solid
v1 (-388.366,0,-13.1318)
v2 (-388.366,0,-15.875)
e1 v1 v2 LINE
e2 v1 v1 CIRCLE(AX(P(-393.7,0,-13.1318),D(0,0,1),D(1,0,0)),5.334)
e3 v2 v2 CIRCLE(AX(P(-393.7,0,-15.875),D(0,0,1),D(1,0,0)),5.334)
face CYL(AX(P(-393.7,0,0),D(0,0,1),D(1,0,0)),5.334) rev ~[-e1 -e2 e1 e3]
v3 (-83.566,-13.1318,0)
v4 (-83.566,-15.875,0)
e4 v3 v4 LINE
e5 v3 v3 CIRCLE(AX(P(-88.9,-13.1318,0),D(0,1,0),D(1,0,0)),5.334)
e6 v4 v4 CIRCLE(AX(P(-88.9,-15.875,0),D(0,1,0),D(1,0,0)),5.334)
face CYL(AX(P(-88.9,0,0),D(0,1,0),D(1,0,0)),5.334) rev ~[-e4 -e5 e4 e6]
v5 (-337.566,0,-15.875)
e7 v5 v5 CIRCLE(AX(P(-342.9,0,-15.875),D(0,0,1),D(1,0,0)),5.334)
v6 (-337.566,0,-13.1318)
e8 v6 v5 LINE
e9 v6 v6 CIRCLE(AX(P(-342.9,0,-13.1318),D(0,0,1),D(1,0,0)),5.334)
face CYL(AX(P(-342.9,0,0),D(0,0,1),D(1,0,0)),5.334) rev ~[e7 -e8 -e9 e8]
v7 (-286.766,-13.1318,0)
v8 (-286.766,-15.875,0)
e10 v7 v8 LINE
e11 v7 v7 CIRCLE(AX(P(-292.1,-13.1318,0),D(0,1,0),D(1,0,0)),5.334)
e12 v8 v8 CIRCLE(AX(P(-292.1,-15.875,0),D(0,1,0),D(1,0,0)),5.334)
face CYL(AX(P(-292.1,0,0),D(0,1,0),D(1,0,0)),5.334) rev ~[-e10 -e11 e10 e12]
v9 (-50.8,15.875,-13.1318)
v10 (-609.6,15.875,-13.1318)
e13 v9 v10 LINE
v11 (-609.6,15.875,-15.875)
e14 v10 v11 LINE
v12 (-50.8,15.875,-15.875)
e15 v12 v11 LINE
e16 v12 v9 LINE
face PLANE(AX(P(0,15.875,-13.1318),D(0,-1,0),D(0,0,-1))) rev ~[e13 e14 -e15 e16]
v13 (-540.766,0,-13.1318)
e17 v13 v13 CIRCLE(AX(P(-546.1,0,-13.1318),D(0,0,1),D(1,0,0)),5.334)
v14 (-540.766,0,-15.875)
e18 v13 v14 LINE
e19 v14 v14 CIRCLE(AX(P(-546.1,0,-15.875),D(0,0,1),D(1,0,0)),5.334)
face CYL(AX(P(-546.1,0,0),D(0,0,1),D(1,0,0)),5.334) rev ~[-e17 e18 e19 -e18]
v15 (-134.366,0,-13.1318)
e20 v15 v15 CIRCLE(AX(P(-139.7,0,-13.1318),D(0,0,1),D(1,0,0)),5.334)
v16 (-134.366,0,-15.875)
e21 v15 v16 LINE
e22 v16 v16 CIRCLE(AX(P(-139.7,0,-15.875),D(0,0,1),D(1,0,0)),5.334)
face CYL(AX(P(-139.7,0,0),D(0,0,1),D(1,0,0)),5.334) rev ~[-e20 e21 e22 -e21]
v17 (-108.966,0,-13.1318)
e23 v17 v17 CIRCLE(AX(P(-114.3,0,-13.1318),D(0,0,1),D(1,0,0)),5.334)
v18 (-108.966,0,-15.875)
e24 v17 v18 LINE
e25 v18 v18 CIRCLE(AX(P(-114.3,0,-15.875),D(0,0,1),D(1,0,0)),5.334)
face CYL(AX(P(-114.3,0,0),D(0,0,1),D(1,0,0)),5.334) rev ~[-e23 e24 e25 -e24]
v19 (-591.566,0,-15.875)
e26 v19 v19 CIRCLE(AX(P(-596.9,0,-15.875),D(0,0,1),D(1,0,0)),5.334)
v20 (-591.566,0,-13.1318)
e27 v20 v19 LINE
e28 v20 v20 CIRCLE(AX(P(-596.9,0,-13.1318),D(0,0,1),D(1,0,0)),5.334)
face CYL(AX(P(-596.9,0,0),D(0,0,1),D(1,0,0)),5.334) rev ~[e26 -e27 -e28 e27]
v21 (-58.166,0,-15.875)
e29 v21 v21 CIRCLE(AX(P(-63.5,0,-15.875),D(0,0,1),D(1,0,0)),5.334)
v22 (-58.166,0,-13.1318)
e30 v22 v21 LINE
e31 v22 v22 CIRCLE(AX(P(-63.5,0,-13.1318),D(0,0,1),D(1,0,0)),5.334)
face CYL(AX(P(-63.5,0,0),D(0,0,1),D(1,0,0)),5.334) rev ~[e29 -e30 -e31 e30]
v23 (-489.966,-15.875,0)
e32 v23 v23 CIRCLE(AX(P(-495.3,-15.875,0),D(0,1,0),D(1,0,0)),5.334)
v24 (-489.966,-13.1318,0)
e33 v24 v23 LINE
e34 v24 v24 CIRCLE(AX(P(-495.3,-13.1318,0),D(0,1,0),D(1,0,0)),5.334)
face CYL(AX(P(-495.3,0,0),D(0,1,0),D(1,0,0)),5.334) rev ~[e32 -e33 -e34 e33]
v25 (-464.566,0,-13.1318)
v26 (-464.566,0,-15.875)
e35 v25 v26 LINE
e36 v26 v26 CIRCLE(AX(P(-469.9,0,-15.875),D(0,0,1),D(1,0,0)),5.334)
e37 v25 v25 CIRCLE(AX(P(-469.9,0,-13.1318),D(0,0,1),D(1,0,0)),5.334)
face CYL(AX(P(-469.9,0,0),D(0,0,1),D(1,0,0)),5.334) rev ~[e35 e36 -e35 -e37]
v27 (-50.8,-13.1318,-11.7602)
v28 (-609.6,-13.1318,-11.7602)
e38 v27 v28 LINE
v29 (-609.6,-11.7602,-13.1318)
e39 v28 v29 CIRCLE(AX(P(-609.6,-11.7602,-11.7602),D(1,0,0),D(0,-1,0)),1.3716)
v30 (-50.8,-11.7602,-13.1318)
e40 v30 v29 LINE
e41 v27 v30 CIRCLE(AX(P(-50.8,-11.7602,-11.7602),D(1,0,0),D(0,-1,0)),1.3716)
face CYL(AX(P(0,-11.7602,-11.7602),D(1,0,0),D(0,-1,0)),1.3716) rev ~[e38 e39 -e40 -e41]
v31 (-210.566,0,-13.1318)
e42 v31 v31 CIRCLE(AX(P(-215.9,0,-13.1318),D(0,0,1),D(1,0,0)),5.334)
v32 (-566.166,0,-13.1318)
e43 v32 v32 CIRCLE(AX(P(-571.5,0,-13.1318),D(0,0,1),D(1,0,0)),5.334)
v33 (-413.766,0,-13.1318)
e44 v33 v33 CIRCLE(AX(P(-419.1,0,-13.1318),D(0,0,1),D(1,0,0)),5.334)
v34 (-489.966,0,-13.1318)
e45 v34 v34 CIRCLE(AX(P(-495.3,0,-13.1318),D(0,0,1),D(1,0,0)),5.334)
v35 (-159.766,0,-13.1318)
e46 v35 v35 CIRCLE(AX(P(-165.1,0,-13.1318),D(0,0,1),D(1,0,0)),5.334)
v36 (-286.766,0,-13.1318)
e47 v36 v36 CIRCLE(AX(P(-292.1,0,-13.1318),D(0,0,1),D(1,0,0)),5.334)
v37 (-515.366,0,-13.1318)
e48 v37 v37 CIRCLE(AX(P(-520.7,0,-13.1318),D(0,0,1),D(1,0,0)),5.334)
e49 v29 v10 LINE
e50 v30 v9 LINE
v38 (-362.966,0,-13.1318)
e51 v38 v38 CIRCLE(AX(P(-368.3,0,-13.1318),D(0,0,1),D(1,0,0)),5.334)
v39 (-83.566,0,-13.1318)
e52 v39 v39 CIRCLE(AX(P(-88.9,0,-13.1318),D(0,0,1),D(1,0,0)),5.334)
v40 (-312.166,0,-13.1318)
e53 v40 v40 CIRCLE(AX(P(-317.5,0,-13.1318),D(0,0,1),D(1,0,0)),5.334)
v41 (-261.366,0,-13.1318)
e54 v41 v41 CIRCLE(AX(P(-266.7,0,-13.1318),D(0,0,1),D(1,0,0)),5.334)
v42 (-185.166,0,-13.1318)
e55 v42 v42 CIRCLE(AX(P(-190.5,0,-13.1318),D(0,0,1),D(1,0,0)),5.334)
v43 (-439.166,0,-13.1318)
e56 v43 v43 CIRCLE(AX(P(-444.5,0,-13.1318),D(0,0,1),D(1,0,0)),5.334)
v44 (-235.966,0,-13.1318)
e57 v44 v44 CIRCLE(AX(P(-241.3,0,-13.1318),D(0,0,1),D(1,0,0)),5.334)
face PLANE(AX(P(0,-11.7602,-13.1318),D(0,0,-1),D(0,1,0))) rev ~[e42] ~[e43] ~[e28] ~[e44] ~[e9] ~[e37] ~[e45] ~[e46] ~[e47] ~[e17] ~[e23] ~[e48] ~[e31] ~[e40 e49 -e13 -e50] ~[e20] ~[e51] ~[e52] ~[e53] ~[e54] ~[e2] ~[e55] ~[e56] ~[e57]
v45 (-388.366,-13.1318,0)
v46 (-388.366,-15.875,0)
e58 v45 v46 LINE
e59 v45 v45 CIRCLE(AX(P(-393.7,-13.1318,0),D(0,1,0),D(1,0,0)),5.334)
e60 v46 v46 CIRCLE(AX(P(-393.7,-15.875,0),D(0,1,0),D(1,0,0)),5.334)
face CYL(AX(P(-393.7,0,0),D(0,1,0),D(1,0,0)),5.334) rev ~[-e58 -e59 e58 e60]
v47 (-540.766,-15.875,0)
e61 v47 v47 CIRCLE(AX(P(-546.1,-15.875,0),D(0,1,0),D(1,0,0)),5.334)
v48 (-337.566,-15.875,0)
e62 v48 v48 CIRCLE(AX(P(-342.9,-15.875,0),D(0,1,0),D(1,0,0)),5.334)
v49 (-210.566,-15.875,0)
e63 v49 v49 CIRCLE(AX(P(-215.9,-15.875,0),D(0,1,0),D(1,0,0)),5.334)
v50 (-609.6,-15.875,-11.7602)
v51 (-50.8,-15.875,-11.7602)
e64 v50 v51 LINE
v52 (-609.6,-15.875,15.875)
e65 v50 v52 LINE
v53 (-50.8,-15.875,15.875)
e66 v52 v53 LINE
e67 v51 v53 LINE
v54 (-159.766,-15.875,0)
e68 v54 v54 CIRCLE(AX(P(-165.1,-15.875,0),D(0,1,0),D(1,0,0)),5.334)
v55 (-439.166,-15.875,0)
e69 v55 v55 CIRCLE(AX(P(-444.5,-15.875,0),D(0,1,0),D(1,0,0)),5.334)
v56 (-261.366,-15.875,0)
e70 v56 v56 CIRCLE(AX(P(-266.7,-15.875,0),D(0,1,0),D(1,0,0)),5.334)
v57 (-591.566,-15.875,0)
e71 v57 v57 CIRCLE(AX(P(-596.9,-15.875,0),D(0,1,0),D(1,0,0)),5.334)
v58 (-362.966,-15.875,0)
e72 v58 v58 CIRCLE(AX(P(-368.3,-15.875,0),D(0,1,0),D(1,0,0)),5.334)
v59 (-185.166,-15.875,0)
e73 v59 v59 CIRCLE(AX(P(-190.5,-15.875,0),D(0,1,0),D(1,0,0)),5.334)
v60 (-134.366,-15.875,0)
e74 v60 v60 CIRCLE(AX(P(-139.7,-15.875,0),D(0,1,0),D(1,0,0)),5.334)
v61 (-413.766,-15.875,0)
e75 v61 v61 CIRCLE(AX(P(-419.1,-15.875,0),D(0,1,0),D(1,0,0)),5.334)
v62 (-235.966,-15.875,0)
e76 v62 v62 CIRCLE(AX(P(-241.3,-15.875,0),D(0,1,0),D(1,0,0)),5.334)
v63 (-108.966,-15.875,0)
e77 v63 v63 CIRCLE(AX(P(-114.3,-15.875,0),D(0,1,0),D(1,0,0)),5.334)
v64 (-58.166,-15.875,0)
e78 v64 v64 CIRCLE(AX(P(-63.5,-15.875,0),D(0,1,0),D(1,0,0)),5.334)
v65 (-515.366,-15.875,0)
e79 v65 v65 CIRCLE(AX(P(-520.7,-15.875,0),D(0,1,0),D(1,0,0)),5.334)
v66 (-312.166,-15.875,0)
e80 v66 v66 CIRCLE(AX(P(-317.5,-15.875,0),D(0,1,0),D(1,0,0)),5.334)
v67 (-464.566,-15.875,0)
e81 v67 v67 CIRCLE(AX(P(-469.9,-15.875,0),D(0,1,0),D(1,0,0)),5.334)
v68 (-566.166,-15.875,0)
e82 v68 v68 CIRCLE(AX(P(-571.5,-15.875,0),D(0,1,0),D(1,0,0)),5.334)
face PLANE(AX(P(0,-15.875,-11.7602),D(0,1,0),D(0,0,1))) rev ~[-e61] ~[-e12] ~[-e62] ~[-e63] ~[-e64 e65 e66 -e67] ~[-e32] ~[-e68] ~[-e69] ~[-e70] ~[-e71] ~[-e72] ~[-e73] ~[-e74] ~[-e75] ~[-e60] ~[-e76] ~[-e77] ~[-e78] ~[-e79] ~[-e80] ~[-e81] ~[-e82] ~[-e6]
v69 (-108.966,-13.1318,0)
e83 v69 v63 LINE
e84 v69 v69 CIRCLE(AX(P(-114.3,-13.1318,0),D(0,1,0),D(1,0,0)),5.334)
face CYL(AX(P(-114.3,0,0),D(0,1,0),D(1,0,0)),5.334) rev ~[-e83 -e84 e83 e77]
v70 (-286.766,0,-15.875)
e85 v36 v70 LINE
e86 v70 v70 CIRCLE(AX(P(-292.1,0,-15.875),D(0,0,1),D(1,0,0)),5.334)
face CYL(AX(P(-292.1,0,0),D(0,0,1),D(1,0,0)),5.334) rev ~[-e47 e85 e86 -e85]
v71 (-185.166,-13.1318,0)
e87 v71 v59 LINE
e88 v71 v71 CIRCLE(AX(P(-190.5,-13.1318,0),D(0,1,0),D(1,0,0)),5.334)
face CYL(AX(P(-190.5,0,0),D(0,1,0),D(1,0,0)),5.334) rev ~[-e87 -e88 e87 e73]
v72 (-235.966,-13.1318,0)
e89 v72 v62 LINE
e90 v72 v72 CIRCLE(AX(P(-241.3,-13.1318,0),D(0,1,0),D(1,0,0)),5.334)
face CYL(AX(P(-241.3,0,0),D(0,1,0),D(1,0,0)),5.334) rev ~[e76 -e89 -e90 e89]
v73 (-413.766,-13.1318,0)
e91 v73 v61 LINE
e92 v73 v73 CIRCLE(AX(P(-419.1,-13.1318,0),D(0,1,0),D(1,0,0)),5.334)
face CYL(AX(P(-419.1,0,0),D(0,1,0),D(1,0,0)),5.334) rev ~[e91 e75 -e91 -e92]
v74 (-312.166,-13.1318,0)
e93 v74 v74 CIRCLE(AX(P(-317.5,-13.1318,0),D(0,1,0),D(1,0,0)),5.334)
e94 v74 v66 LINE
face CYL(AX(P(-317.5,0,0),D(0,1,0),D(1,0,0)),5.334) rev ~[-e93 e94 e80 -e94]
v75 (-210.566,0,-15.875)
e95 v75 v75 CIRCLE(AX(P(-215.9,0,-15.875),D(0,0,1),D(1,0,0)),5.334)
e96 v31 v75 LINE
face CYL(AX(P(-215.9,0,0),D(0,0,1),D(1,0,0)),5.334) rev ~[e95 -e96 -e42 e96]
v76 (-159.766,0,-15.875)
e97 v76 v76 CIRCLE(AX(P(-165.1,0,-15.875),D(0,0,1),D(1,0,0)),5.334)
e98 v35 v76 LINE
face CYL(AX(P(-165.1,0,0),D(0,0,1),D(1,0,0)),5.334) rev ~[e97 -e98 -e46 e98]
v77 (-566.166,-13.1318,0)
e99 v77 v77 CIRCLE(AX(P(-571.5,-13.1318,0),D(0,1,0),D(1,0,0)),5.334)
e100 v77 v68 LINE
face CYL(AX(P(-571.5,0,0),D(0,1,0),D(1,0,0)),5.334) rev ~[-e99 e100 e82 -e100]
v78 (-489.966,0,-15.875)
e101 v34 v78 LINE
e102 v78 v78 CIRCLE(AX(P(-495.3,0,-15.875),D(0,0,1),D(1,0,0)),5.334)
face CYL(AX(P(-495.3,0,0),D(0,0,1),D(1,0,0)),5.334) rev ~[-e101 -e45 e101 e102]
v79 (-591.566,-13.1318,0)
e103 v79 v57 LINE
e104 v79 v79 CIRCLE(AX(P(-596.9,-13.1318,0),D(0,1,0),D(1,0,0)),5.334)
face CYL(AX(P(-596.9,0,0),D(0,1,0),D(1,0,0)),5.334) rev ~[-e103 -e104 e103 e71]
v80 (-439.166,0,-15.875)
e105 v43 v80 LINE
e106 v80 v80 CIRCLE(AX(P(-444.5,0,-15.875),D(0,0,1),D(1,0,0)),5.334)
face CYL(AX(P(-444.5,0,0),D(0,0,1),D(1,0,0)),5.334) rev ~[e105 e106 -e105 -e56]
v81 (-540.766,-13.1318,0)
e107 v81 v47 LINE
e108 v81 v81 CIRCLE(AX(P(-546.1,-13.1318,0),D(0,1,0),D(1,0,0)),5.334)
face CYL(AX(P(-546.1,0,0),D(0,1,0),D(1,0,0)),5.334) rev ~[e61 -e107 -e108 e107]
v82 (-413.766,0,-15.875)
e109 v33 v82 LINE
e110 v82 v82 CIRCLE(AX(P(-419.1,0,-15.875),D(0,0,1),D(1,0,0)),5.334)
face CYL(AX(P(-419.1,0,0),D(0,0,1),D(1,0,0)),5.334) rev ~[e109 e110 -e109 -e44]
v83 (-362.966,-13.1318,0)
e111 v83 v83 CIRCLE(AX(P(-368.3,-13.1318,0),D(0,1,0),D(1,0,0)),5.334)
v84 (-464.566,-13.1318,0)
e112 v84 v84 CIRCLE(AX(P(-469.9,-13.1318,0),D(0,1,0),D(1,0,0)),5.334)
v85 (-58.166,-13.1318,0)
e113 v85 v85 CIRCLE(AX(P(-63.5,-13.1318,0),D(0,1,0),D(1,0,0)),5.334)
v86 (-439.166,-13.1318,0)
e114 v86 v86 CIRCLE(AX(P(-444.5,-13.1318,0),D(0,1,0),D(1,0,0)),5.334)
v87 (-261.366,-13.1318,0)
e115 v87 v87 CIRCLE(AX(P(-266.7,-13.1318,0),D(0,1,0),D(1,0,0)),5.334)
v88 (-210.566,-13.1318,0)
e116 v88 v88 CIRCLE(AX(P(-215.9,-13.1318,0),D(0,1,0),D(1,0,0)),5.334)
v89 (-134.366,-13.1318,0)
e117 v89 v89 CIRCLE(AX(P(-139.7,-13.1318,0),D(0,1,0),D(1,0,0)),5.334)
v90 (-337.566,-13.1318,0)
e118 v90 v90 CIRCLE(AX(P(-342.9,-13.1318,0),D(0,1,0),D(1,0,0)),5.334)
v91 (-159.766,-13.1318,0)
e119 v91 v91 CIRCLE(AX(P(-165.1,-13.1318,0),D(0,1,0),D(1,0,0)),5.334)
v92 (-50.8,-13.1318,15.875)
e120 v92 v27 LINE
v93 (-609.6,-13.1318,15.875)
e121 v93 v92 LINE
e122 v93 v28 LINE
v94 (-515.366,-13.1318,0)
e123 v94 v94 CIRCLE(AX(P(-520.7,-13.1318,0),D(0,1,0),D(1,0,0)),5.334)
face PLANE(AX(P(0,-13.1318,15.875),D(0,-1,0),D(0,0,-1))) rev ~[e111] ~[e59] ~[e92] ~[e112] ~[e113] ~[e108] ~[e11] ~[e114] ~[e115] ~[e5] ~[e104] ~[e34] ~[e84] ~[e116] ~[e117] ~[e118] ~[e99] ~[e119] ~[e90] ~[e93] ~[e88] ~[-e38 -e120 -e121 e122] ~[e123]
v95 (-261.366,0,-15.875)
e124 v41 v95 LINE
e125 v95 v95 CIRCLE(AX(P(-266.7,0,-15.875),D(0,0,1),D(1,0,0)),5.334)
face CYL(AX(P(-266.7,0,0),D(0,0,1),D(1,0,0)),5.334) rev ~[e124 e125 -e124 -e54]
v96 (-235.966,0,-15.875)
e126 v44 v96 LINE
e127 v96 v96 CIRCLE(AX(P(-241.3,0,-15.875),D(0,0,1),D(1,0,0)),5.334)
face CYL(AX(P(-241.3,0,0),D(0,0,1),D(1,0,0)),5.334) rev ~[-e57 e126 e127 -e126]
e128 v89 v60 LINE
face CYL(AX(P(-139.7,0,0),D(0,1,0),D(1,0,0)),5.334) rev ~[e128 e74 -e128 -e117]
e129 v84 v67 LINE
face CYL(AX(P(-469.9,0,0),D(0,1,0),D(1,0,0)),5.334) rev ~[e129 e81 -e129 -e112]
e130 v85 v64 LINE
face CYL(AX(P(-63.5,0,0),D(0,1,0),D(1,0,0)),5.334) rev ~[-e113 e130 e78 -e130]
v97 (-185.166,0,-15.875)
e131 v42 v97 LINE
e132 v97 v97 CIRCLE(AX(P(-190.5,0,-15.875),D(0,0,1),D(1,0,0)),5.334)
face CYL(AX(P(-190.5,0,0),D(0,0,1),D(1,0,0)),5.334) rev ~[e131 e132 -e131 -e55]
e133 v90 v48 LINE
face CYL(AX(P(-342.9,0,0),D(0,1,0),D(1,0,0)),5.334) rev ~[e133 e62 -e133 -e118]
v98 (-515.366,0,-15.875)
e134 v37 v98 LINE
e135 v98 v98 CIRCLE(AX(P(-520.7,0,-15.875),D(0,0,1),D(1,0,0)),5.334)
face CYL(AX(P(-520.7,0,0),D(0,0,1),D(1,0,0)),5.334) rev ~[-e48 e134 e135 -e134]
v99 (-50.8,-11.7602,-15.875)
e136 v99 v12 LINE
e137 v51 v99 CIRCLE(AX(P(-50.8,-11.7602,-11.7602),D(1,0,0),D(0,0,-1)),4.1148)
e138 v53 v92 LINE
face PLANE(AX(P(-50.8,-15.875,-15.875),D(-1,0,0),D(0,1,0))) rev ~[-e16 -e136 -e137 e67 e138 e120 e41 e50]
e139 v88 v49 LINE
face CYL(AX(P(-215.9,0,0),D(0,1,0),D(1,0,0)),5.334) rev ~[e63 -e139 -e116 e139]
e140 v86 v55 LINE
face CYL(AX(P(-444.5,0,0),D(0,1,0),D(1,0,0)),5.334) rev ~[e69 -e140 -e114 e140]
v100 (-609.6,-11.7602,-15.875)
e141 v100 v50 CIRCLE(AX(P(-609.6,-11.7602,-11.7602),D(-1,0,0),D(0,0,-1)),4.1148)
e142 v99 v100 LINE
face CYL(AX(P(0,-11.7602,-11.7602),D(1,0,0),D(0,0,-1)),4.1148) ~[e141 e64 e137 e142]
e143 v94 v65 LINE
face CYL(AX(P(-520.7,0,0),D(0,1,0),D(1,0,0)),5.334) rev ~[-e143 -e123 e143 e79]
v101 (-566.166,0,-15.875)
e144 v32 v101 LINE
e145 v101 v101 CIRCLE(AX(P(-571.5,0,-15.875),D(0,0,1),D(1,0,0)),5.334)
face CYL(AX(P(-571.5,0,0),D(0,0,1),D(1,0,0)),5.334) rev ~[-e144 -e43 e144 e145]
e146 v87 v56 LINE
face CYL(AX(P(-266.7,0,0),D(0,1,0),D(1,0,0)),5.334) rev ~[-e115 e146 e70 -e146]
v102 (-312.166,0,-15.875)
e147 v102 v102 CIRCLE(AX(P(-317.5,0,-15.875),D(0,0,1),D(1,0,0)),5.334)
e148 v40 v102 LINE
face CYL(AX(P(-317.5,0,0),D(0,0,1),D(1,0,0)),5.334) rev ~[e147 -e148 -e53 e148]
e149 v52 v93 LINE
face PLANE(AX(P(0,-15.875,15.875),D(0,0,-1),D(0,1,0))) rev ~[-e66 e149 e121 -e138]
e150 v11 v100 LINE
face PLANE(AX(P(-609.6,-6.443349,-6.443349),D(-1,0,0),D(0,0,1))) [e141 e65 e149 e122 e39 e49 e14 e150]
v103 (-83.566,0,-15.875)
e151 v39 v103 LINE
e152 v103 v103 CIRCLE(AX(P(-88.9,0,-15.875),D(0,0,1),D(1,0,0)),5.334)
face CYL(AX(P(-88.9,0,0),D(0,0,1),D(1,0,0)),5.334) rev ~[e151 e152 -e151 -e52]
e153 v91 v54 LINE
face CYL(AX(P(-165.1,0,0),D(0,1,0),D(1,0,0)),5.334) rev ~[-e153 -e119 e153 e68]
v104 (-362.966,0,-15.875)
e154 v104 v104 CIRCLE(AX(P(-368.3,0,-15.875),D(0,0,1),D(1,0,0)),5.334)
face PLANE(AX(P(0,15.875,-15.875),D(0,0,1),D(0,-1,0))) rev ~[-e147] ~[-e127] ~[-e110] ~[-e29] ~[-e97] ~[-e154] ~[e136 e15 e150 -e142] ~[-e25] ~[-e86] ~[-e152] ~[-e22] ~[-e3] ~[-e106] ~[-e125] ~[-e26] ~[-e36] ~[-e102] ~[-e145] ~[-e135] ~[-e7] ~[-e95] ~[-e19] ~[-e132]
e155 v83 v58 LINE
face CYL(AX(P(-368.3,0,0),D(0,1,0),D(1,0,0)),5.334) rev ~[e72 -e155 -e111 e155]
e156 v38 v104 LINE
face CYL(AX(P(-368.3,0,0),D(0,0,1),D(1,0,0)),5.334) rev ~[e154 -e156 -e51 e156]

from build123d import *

# Parameters (mm, degrees)
BOSS_EXTRUDE1_DEPTH      = 609.6
BOSS_EXTRUDE1_DEPTH_BACK = 609.6
SKETCH5_R                = 5.334
CUT_EXTRUDE1_DEPTH       = 16.875
SKETCH6_R                = 5.334
CUT_EXTRUDE2_DEPTH       = 16.875
LPATTERN1_COUNT          = 48
LPATTERN1_PITCH          = 25.4
SKETCH7_W                = 635
SKETCH7_H                = 31.75
CUT_EXTRUDE3_DEPTH       = 70
SKETCH8_R                = 5.334
SKETCH8_W                = 25.4
SKETCH8_H                = 4.1148
CUT_EXTRUDE4_DEPTH       = 70


with BuildPart() as part:
    # Sketch4 → Boss-Extrude1 (new body, two sides)
    with BuildSketch(Plane(origin=(0, 0, 0), x_dir=(0, 0, -1), z_dir=(1, 0, 0))) as boss_extrude1_sk:
        with BuildLine():
            Line((-15.875, -13.1318), (11.7602, -13.1318))
            ThreePointArc((11.7602, -13.1318), (12.730067661, -12.730067661), (13.1318, -11.7602))
            Line((13.1318, -11.7602), (13.1318, 15.875))
            Line((13.1318, 15.875), (15.875, 15.875))
            Line((15.875, 15.875), (15.875, -11.7602))
            ThreePointArc((15.875, -11.7602), (14.669802983, -14.669802983), (11.7602, -15.875))
            Line((11.7602, -15.875), (-15.875, -15.875))
            Line((-15.875, -15.875), (-15.875, -13.1318))
        make_face()
    extrude(amount=BOSS_EXTRUDE1_DEPTH)
    extrude(boss_extrude1_sk.sketch, amount=-BOSS_EXTRUDE1_DEPTH_BACK)

    # Sketch5 → Cut-Extrude1 (cut, through all)
    with BuildSketch(Plane.XY):
        with Locations((596.9, 0)):
            Circle(SKETCH5_R)
    cut_extrude1 = extrude(amount=-CUT_EXTRUDE1_DEPTH, mode=Mode.SUBTRACT)

    # Sketch6 → Cut-Extrude2 (cut, through all)
    with BuildSketch(Plane(origin=(0, 0, 0), x_dir=(1, 0, 0), z_dir=(0, 1, 0))):
        with Locations((596.9, 0)):
            Circle(SKETCH6_R)
    cut_extrude2 = extrude(amount=-CUT_EXTRUDE2_DEPTH, mode=Mode.SUBTRACT)

    # LPattern1: Cut-Extrude1, Cut-Extrude2 ×48
    with Locations(*[(-i * LPATTERN1_PITCH, 0, 0) for i in range(1, LPATTERN1_COUNT)]):
        add(cut_extrude1, mode=Mode.SUBTRACT)
        add(cut_extrude2, mode=Mode.SUBTRACT)

    # Sketch7 → Cut-Extrude3 (cut)
    with BuildSketch(Plane(origin=(0, 0, -15.875), x_dir=(-1, 0, 0), z_dir=(0, 0, -1))):
        with Locations((-292.1, 0)):
            Rectangle(SKETCH7_W, SKETCH7_H)
    extrude(amount=-CUT_EXTRUDE3_DEPTH, mode=Mode.SUBTRACT)

    # Sketch8 → Cut-Extrude4 (cut)
    with BuildSketch(Plane(origin=(0, 0, -15.875), x_dir=(-1, 0, 0), z_dir=(0, 0, -1))):
        Polygon((50.8, 15.875), (25.4, 15.875), (25.4, -11.7602), (50.8, -11.7602), (50.8, 0), align=None)
        with Locations((38.1, 0)):
            Circle(SKETCH8_R, mode=Mode.SUBTRACT)
        with Locations((38.1, -13.8176)):
            Rectangle(SKETCH8_W, SKETCH8_H)
    extrude(amount=-CUT_EXTRUDE4_DEPTH, mode=Mode.SUBTRACT)


solid = part.part
